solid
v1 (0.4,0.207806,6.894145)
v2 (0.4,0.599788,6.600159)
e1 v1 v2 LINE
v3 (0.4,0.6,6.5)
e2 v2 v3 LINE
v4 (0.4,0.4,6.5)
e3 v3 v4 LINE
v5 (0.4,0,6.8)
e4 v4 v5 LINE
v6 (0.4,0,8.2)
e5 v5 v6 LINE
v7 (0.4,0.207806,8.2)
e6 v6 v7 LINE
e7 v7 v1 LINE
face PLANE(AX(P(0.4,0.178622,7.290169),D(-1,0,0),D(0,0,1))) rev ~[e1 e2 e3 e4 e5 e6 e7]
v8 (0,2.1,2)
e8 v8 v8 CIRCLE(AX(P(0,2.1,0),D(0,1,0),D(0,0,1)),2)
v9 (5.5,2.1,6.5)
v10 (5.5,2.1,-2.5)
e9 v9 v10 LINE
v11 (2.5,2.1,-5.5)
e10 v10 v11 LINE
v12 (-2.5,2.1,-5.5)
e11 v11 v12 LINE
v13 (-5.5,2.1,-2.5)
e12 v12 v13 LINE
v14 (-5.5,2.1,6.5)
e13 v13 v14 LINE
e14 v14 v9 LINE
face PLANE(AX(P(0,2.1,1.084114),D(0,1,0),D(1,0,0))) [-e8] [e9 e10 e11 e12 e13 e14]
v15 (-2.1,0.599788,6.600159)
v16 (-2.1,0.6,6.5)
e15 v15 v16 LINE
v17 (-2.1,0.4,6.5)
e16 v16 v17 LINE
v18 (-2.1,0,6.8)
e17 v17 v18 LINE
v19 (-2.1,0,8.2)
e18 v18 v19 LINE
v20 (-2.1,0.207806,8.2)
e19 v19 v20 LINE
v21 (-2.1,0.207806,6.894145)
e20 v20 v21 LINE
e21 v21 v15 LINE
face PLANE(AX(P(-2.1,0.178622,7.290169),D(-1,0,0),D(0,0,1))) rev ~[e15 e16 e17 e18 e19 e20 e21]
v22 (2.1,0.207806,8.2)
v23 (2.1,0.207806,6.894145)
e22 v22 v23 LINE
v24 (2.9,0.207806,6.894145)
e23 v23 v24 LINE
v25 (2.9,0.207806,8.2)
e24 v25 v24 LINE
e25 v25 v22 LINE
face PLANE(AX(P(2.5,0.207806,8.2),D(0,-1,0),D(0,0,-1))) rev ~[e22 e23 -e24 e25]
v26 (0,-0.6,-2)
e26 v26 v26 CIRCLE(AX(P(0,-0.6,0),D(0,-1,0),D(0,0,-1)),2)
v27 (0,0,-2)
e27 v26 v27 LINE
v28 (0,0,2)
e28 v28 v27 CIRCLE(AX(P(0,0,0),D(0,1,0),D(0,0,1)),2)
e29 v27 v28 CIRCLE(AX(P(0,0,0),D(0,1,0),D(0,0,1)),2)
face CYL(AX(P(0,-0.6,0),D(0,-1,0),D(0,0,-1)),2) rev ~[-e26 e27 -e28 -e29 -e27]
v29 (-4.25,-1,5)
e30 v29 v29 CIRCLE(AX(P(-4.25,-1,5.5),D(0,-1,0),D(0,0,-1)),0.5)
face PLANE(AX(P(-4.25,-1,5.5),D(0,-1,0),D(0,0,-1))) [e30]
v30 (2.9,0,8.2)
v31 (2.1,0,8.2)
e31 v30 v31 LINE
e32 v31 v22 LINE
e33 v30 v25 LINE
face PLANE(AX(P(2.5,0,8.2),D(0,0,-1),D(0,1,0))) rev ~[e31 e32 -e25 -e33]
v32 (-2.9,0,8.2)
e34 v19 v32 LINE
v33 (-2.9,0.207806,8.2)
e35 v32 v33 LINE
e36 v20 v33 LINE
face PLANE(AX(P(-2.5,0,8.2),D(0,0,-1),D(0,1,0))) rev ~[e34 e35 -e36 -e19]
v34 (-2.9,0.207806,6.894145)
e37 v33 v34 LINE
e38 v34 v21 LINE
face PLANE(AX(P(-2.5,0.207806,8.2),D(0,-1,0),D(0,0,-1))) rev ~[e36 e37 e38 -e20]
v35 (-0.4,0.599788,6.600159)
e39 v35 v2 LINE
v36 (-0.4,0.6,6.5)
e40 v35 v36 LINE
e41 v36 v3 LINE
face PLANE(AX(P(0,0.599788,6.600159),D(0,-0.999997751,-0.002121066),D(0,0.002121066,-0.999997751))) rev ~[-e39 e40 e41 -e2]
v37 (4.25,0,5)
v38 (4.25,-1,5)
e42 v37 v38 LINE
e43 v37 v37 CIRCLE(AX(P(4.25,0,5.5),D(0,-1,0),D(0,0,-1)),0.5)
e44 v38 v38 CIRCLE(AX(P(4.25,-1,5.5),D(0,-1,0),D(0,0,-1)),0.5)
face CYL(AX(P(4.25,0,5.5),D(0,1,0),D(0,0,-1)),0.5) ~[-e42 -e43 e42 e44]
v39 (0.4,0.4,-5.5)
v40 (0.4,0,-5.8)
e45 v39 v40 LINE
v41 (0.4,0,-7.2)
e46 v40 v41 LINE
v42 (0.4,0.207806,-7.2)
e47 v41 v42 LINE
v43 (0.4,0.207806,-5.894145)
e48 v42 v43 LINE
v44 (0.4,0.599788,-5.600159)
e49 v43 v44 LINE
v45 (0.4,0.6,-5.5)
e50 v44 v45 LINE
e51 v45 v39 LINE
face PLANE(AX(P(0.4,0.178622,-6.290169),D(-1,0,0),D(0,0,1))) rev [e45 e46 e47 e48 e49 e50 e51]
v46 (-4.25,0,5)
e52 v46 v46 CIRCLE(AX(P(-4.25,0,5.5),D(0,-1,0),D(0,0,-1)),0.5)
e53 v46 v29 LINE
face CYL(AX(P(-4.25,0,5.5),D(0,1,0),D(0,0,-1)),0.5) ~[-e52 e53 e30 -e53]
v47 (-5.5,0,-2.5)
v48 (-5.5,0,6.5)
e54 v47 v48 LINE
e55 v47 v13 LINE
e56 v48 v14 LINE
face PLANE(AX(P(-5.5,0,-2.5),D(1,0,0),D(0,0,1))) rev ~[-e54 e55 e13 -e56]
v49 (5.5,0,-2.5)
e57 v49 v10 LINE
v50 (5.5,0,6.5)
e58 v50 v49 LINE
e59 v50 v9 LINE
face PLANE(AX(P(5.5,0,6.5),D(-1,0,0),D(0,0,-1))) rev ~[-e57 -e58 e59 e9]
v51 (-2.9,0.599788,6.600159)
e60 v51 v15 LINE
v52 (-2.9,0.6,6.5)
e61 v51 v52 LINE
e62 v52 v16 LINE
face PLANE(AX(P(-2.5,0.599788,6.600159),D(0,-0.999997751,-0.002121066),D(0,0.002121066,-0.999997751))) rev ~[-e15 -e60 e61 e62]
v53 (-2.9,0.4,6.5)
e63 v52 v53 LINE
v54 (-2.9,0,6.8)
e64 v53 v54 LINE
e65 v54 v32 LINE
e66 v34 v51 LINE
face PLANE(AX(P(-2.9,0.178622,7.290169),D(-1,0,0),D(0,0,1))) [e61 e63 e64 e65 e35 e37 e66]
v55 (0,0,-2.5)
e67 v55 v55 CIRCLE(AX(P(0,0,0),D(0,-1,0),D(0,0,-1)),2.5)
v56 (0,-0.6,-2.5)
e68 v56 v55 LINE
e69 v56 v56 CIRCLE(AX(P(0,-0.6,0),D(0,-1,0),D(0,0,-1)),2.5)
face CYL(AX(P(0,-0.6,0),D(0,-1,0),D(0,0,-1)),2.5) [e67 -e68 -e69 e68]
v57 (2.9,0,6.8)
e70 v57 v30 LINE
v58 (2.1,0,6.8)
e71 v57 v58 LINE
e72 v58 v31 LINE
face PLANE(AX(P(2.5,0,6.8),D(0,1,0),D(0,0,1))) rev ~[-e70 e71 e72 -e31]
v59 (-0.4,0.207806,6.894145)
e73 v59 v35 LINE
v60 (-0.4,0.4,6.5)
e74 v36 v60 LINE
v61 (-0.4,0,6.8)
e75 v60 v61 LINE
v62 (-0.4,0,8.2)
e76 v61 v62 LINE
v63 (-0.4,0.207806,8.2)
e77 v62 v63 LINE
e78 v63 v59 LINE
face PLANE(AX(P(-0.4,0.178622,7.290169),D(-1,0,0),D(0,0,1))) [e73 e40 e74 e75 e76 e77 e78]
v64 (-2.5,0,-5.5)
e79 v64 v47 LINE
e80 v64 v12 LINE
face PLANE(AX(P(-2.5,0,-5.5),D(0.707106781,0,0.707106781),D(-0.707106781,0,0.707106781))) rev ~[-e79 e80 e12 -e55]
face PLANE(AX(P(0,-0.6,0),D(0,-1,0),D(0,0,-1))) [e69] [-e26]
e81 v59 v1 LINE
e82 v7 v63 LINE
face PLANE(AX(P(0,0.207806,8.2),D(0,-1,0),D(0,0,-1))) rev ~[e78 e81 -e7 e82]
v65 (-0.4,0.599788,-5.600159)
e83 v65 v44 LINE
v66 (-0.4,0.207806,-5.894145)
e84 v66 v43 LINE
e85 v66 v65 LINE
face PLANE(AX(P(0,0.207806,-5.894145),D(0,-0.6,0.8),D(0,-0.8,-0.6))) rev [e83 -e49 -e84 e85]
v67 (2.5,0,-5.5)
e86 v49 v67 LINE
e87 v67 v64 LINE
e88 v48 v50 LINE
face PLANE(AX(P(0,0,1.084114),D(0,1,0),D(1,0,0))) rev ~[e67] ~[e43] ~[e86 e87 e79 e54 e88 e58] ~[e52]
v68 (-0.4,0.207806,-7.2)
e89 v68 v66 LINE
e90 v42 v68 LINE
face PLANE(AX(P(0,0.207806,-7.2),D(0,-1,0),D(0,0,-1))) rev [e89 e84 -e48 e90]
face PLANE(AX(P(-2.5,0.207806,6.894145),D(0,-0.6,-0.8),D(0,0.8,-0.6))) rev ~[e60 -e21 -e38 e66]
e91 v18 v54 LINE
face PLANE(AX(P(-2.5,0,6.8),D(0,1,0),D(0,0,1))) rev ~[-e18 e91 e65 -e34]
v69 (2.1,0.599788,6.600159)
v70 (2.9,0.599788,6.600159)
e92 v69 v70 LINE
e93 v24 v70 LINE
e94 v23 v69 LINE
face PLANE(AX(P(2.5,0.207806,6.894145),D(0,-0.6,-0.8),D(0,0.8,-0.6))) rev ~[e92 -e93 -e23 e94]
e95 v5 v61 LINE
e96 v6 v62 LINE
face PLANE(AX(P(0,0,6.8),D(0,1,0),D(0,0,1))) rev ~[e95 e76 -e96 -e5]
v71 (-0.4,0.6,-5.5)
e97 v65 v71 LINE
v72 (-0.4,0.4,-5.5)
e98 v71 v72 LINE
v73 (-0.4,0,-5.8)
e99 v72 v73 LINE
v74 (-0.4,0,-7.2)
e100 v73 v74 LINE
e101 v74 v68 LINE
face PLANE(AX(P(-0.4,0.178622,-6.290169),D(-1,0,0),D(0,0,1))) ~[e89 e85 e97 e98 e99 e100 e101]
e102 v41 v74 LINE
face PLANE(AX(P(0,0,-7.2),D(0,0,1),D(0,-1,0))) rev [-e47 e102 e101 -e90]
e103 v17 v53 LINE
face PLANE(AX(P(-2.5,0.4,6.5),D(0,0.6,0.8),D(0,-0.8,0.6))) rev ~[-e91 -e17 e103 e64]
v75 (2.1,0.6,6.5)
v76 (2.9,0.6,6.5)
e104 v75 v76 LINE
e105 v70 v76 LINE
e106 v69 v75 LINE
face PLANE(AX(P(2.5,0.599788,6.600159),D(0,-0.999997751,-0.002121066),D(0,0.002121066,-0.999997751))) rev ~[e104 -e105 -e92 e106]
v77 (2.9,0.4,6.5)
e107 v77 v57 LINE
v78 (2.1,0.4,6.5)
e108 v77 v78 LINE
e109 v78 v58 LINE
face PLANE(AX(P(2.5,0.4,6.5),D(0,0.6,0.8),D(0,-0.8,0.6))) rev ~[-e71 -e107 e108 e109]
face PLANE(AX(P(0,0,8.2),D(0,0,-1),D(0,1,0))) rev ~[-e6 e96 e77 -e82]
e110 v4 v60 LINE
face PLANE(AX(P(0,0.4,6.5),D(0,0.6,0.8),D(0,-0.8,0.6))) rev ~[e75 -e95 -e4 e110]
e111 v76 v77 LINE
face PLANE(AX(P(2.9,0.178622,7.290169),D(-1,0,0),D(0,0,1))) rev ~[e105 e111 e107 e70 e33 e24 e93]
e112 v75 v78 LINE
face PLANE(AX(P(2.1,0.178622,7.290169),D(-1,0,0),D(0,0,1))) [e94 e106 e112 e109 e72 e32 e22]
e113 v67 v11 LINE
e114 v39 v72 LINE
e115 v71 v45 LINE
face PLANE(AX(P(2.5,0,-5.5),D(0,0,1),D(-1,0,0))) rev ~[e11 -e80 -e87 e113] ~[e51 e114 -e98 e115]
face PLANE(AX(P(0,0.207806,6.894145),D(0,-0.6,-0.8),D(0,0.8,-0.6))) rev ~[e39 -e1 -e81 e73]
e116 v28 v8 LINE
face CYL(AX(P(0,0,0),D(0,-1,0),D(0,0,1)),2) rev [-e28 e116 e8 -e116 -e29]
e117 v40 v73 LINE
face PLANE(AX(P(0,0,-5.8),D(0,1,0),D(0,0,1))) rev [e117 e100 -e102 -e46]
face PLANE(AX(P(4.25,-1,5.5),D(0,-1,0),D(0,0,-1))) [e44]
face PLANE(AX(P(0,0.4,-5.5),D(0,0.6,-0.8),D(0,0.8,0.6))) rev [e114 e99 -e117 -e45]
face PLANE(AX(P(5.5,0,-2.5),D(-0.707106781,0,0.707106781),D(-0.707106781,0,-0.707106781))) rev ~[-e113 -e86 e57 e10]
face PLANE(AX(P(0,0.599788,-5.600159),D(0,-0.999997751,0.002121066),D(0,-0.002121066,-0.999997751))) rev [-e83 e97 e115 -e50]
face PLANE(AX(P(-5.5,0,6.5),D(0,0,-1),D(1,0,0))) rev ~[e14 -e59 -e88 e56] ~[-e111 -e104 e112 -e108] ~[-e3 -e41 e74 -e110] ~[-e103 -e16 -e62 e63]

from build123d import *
from build123d.topology import SkipClean

# Parameters (mm, degrees)
SKETCH1_R           = 2
BOSS_EXTRUDE1_DEPTH = 2.1
BOSS_EXTRUDE2_START = 0.6
SKETCH2_R           = 2.5
SKETCH2_R_2         = 2
BOSS_EXTRUDE2_DEPTH = 0.6
SKETCH3_R           = 0.5
BOSS_EXTRUDE3_DEPTH = 1
BOSS_EXTRUDE4_DEPTH = 0.4
LPATTERN1_COUNT     = 2
LPATTERN1_PITCH     = 2.5
LPATTERN1_COL_COUNT = 2
LPATTERN1_COL_PITCH = 2.5


with BuildPart() as part:
    # Sketch1 → Boss-Extrude1 (new body)
    with BuildSketch(Plane(origin=(0, 0, 0), x_dir=(1, 0, 0), z_dir=(0, 1, 0))):
        Polygon((-5.5, -6.5), (5.5, -6.5), (5.5, 2.5), (2.5, 5.5), (-2.5, 5.5), (-5.5, 2.5), align=None)
        with Locations(Location((0, 0, 0), (0, 0, 270))):
            Circle(SKETCH1_R, mode=Mode.SUBTRACT)
    extrude(amount=BOSS_EXTRUDE1_DEPTH)

    # Sketch2 → Boss-Extrude2 (add)
    with SkipClean():  # the faces are left unmerged after this step: merging them gives an invalid solid
        with BuildSketch(Plane.XZ.offset(BOSS_EXTRUDE2_START)):
            with Locations(Location((0, 0, 0), (0, 0, 270))):
                Circle(SKETCH2_R)
            with Locations(Location((0, 0, 0), (0, 0, 270))):
                Circle(SKETCH2_R_2, mode=Mode.SUBTRACT)
        extrude(amount=-BOSS_EXTRUDE2_DEPTH)

    # Sketch3 → Boss-Extrude3 (add)
    with SkipClean():  # the faces are left unmerged after this step: merging them gives an invalid solid
        with BuildSketch(Plane.XZ):
            with Locations(Location((4.250000001, 5.5, 0), (0, 0, 270))):
                Circle(SKETCH3_R)
            with Locations(Location((-4.249999999, 5.5, 0), (0, 0, 270))):
                Circle(SKETCH3_R)
        extrude(amount=BOSS_EXTRUDE3_DEPTH)

    # Sketch4 → Boss-Extrude4 (add, symmetric)
    with SkipClean():  # the faces are left unmerged after this step: merging them gives an invalid solid
        with BuildSketch(Plane(origin=(0, 0, 0), x_dir=(0, 0, -1), z_dir=(1, 0, 0))):
            Polygon((-6.5, 0.6), (-6.5, 0.4), (-6.8, 0), (-8.2, 0), (-8.2, 0.207806039), (-6.894145471, 0.207806039), (-6.600159334, 0.599787555), align=None)
        boss_extrude4 = extrude(amount=BOSS_EXTRUDE4_DEPTH, both=True)

    # LPattern1: Boss-Extrude4 ×2
    with SkipClean():  # the faces are left unmerged after this step: merging them gives an invalid solid
        with Locations(*[(i * LPATTERN1_PITCH, 0, 0) for i in range(1, LPATTERN1_COUNT)]):
            add(boss_extrude4)

    # LPattern1 col: Boss-Extrude4 ×2
    with SkipClean():  # the faces are left unmerged after this step: merging them gives an invalid solid
        with Locations(*[(-i * LPATTERN1_COL_PITCH, 0, 0) for i in range(1, LPATTERN1_COL_COUNT)]):
            add(boss_extrude4)

    # Mirror1: Boss-Extrude4 across plane
    with SkipClean():  # the faces are left unmerged after this step: merging them gives an invalid solid
        add(boss_extrude4.mirror(Plane.XY.offset(0.5)))


solid = part.part
